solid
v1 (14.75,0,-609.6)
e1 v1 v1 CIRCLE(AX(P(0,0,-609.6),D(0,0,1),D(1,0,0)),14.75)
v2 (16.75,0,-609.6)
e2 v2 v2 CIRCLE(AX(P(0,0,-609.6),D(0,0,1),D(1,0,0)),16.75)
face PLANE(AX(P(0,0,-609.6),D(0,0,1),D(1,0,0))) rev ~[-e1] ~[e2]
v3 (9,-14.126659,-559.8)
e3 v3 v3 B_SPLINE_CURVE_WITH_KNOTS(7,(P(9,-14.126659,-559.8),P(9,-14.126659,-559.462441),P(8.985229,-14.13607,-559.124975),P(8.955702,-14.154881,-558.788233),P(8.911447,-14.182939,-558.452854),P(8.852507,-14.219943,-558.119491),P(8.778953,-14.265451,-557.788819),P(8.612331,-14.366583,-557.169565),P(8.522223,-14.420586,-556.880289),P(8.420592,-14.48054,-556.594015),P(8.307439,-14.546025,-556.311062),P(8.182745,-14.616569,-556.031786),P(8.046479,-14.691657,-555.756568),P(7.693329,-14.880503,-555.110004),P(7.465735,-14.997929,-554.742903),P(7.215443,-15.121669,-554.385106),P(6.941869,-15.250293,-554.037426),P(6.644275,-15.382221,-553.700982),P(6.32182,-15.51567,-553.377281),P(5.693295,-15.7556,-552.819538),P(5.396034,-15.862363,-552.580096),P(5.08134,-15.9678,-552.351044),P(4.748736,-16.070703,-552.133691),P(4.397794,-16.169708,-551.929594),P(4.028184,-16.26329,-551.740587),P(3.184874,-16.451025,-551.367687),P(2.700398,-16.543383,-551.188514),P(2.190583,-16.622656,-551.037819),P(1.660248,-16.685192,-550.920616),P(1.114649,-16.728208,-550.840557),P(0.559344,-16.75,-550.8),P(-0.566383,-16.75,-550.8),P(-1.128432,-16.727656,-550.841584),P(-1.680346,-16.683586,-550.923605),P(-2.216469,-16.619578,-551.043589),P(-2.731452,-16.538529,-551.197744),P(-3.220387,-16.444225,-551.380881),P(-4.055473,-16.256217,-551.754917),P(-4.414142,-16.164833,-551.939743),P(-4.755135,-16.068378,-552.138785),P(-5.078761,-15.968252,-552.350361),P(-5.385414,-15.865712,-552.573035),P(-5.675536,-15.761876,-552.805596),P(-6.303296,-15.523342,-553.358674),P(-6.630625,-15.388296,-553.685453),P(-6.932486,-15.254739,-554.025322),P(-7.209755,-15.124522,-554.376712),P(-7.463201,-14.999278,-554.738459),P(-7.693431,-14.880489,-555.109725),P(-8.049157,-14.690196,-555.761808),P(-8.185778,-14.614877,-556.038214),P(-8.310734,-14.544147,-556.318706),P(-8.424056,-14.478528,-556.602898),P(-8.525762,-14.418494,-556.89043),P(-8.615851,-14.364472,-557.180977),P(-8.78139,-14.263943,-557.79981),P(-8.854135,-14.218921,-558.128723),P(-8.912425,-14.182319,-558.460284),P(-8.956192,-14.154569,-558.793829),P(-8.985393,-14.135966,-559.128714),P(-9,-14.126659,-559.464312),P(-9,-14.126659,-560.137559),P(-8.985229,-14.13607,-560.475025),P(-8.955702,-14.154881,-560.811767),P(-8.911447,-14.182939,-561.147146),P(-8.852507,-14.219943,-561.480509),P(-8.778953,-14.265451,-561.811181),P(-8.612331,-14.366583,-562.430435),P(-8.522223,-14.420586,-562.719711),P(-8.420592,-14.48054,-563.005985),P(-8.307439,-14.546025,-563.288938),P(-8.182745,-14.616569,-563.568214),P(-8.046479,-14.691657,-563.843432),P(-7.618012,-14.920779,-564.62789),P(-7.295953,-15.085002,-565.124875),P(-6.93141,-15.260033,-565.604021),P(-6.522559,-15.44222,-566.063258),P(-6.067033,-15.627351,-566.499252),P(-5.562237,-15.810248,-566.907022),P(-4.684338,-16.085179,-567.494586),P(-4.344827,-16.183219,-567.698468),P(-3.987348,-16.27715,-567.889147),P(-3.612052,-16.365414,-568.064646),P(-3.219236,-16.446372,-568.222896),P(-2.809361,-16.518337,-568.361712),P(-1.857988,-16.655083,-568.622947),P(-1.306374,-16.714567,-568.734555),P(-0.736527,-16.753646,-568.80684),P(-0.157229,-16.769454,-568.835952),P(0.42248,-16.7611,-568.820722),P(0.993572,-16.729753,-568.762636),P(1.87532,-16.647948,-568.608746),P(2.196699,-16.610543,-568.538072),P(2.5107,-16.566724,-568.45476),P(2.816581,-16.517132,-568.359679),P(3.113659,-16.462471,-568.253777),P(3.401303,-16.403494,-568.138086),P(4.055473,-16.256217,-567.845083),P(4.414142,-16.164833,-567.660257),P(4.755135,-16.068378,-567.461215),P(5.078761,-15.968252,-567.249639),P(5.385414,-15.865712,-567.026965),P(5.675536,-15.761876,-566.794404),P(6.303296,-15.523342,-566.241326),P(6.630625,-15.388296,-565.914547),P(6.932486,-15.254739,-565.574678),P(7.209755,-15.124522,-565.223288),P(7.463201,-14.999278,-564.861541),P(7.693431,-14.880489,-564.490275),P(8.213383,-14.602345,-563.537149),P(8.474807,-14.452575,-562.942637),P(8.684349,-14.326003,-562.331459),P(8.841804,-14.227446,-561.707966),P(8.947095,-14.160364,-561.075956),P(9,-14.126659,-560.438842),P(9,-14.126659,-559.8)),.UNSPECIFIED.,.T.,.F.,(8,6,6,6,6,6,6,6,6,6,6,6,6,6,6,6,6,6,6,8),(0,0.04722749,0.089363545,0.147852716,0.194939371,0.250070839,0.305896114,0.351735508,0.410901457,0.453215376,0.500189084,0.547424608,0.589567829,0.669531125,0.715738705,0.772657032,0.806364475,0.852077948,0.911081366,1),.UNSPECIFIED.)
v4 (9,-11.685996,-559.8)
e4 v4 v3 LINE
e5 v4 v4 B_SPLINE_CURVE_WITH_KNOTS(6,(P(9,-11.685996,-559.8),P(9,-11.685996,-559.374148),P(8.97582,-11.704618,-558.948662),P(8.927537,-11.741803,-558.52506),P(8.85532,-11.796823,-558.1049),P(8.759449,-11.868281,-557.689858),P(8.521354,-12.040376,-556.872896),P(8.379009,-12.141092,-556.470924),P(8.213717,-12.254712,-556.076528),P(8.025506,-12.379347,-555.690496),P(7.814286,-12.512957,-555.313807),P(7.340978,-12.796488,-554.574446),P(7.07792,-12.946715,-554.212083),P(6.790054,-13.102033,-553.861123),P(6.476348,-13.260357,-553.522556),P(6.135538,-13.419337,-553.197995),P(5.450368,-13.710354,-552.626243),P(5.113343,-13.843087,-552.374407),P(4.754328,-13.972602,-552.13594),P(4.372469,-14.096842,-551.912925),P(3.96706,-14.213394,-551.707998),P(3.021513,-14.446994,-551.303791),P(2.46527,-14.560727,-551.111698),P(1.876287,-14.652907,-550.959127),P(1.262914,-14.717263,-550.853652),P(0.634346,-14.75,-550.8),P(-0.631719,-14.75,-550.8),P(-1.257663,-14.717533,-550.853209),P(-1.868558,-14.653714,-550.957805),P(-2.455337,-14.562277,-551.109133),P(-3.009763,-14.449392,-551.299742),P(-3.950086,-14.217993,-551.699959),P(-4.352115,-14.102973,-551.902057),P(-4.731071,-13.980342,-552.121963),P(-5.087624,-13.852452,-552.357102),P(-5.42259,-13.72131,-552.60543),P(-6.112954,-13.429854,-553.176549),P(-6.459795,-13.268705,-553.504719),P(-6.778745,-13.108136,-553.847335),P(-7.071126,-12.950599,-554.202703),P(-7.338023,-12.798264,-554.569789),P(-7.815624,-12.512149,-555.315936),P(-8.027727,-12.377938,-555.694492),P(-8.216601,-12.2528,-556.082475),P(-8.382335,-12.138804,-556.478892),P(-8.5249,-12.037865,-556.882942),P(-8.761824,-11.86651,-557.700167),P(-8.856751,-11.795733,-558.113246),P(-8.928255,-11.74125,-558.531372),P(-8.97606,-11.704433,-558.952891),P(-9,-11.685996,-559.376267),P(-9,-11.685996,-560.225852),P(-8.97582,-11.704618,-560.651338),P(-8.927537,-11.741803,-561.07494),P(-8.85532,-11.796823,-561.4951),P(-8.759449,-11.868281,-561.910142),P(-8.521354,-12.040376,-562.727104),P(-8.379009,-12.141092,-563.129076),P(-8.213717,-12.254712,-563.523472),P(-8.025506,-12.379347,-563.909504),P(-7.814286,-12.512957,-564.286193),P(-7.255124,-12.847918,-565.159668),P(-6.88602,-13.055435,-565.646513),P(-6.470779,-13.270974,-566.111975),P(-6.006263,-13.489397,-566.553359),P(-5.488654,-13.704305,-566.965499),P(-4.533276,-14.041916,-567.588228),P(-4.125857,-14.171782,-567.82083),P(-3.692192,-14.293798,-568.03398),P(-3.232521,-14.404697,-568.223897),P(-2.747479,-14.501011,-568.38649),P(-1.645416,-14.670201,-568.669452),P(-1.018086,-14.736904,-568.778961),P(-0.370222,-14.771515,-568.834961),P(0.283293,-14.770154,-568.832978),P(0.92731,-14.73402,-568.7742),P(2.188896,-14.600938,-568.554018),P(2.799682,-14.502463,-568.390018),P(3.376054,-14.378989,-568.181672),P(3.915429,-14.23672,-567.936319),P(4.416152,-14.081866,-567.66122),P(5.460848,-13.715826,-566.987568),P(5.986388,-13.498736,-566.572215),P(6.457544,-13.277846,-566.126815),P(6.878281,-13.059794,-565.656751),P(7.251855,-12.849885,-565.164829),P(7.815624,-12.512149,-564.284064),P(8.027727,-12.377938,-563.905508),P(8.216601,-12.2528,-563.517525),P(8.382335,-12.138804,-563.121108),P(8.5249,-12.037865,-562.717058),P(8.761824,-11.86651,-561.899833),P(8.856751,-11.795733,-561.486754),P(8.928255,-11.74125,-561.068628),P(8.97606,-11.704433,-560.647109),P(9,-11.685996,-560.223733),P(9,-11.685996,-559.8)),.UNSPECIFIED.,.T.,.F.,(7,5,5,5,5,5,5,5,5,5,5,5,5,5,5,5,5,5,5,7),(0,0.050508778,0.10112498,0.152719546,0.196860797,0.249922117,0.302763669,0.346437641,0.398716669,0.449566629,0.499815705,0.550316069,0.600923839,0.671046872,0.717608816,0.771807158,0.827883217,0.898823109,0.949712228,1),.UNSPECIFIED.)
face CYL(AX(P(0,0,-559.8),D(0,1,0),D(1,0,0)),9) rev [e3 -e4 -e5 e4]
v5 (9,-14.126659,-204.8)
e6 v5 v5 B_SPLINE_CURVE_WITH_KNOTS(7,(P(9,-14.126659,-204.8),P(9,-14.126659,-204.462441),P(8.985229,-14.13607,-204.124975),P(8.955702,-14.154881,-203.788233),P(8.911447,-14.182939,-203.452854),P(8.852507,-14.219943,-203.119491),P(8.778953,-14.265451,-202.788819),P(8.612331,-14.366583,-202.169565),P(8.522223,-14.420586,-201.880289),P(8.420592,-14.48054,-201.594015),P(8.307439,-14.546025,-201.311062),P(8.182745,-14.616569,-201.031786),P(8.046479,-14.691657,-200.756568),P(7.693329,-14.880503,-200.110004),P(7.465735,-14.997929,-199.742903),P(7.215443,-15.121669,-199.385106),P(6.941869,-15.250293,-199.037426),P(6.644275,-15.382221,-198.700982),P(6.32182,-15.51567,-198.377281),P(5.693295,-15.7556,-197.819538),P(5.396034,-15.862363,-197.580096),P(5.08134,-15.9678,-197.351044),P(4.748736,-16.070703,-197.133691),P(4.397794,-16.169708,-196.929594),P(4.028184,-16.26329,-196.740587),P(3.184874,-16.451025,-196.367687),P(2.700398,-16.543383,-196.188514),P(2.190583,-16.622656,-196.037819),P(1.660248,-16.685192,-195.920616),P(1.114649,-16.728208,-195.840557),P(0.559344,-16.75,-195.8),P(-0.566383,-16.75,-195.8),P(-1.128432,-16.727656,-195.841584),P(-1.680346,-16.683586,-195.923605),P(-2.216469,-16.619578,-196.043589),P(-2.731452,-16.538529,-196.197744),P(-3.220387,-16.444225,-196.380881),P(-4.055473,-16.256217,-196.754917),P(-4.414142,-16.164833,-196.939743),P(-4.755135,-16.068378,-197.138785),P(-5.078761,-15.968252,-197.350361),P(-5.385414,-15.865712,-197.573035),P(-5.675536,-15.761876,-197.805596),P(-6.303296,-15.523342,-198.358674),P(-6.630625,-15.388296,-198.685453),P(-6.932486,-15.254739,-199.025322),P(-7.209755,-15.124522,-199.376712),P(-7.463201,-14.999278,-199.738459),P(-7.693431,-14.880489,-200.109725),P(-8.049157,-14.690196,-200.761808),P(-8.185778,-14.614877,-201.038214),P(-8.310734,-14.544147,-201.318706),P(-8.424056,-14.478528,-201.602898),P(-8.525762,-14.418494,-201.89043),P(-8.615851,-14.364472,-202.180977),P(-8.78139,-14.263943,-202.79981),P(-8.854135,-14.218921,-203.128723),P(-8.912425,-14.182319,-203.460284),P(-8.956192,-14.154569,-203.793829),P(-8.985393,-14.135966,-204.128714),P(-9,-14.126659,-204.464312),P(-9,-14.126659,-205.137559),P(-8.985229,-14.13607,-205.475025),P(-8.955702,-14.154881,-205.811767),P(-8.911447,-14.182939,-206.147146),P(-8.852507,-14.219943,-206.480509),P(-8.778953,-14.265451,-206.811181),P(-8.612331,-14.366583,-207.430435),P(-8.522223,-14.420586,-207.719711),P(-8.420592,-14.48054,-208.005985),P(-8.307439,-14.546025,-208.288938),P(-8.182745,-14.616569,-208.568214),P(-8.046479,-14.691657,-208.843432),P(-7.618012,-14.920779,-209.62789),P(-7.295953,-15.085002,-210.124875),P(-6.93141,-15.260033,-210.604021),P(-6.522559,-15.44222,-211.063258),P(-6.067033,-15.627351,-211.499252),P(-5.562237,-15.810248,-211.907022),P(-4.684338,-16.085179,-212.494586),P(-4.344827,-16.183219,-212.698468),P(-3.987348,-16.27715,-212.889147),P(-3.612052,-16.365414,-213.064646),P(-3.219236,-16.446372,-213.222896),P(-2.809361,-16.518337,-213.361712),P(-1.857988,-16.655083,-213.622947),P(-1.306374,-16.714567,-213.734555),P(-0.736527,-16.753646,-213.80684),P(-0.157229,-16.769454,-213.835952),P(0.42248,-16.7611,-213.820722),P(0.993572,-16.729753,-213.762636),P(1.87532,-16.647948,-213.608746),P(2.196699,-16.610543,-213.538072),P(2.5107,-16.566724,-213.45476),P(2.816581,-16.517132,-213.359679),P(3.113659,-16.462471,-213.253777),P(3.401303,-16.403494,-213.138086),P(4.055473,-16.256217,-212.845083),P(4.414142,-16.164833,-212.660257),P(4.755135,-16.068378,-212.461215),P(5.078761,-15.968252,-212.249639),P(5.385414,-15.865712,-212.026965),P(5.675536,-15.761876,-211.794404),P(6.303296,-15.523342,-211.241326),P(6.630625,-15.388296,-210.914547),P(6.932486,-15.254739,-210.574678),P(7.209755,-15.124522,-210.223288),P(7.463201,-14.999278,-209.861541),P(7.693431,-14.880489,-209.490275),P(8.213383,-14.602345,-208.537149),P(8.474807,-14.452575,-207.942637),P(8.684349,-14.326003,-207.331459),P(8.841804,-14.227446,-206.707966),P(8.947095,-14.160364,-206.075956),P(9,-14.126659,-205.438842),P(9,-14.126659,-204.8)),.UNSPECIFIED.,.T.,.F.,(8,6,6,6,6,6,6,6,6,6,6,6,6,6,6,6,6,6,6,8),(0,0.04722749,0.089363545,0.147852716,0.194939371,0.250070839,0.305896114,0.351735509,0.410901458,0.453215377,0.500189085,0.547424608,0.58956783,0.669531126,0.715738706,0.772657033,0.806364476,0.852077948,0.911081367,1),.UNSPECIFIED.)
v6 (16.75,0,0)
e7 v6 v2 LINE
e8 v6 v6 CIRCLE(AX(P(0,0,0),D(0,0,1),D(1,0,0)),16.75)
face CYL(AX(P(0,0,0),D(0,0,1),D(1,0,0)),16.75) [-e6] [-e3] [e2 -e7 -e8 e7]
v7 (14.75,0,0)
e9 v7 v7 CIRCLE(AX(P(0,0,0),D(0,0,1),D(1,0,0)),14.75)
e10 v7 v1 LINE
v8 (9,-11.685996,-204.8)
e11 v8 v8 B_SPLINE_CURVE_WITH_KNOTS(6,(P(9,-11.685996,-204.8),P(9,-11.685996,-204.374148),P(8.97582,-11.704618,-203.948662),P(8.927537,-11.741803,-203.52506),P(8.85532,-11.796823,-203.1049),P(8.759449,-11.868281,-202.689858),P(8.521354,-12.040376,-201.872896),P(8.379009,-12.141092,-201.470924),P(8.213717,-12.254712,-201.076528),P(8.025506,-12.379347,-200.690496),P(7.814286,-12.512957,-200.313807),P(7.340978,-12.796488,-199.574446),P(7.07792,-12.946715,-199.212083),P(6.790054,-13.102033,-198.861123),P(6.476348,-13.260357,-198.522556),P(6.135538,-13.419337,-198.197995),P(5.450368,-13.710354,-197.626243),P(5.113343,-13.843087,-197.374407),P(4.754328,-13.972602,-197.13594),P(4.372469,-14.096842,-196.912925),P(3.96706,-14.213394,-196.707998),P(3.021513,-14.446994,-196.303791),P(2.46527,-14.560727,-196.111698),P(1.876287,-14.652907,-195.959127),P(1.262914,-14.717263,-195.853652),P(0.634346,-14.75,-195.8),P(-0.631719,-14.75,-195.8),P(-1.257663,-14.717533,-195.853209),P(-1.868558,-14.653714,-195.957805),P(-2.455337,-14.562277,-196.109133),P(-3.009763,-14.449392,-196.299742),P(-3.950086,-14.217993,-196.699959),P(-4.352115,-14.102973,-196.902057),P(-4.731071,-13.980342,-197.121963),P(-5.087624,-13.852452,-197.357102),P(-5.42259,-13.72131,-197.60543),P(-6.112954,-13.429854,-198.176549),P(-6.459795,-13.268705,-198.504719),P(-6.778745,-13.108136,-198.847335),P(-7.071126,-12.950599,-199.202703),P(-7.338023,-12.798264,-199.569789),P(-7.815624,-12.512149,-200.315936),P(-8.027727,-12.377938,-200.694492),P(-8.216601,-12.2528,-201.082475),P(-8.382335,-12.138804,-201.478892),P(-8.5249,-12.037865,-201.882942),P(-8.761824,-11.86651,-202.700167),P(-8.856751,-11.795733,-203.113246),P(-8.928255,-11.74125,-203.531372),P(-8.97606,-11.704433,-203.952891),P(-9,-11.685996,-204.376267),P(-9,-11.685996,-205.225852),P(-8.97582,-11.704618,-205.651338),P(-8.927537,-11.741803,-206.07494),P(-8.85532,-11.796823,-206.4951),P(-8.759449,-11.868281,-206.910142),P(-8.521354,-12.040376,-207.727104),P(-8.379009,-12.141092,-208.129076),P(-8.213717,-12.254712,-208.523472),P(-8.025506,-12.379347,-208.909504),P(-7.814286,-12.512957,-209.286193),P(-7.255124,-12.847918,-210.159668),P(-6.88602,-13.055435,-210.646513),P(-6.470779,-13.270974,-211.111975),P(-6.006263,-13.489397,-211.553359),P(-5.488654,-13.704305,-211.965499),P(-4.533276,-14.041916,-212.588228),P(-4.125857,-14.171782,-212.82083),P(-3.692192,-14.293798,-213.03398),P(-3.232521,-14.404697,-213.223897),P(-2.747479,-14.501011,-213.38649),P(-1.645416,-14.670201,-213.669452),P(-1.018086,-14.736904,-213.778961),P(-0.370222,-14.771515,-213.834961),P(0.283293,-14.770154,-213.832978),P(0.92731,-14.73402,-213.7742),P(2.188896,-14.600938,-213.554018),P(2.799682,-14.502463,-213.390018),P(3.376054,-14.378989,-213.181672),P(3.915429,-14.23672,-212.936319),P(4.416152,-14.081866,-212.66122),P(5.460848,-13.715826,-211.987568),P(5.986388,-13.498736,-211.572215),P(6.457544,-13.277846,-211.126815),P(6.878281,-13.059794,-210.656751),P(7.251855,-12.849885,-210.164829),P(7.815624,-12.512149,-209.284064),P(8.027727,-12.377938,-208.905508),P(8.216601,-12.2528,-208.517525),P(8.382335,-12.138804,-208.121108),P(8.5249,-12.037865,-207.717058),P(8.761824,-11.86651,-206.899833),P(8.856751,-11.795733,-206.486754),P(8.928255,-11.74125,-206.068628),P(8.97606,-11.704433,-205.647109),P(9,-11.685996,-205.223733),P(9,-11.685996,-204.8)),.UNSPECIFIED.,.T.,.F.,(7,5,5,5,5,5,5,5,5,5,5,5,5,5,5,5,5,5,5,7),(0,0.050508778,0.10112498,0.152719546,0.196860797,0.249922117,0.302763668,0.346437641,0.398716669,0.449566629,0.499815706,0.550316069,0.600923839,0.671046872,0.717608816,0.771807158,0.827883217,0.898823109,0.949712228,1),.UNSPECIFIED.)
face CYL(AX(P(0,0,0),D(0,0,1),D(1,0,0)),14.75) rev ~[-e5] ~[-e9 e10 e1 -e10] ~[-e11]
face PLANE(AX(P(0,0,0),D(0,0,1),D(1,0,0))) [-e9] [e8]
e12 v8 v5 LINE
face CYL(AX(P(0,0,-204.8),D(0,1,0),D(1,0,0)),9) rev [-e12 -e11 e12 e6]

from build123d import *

# Parameters (mm, degrees)
F0_R     = 16.75
F1_DEPTH = 609.6
F2_R     = 14.75
F3_DEPTH = 609.6
F4_R     = 9
F6_DEPTH = 25
F5_R     = 9
F7_DEPTH = 25


with BuildPart() as f1:
    # F0 (on Top) → F1 (new body)
    with BuildSketch(Plane.XY):
        Circle(F0_R)
    extrude(amount=-F1_DEPTH)

    # F2 (on Top) → F3 (cut)
    with BuildSketch(Plane.XY):
        Circle(F2_R)
    extrude(amount=-F3_DEPTH, mode=Mode.SUBTRACT)

    # F4 (on Front) → F6 (cut)
    with BuildSketch(Plane.XZ):
        with Locations((0, -204.8)):
            Circle(F4_R)
    extrude(amount=F6_DEPTH, mode=Mode.SUBTRACT)

    # F5 (on Front) → F7 (cut)
    with BuildSketch(Plane.XZ):
        with Locations((0, -559.8)):
            Circle(F5_R)
    extrude(amount=F7_DEPTH, mode=Mode.SUBTRACT)


solid = f1.part
